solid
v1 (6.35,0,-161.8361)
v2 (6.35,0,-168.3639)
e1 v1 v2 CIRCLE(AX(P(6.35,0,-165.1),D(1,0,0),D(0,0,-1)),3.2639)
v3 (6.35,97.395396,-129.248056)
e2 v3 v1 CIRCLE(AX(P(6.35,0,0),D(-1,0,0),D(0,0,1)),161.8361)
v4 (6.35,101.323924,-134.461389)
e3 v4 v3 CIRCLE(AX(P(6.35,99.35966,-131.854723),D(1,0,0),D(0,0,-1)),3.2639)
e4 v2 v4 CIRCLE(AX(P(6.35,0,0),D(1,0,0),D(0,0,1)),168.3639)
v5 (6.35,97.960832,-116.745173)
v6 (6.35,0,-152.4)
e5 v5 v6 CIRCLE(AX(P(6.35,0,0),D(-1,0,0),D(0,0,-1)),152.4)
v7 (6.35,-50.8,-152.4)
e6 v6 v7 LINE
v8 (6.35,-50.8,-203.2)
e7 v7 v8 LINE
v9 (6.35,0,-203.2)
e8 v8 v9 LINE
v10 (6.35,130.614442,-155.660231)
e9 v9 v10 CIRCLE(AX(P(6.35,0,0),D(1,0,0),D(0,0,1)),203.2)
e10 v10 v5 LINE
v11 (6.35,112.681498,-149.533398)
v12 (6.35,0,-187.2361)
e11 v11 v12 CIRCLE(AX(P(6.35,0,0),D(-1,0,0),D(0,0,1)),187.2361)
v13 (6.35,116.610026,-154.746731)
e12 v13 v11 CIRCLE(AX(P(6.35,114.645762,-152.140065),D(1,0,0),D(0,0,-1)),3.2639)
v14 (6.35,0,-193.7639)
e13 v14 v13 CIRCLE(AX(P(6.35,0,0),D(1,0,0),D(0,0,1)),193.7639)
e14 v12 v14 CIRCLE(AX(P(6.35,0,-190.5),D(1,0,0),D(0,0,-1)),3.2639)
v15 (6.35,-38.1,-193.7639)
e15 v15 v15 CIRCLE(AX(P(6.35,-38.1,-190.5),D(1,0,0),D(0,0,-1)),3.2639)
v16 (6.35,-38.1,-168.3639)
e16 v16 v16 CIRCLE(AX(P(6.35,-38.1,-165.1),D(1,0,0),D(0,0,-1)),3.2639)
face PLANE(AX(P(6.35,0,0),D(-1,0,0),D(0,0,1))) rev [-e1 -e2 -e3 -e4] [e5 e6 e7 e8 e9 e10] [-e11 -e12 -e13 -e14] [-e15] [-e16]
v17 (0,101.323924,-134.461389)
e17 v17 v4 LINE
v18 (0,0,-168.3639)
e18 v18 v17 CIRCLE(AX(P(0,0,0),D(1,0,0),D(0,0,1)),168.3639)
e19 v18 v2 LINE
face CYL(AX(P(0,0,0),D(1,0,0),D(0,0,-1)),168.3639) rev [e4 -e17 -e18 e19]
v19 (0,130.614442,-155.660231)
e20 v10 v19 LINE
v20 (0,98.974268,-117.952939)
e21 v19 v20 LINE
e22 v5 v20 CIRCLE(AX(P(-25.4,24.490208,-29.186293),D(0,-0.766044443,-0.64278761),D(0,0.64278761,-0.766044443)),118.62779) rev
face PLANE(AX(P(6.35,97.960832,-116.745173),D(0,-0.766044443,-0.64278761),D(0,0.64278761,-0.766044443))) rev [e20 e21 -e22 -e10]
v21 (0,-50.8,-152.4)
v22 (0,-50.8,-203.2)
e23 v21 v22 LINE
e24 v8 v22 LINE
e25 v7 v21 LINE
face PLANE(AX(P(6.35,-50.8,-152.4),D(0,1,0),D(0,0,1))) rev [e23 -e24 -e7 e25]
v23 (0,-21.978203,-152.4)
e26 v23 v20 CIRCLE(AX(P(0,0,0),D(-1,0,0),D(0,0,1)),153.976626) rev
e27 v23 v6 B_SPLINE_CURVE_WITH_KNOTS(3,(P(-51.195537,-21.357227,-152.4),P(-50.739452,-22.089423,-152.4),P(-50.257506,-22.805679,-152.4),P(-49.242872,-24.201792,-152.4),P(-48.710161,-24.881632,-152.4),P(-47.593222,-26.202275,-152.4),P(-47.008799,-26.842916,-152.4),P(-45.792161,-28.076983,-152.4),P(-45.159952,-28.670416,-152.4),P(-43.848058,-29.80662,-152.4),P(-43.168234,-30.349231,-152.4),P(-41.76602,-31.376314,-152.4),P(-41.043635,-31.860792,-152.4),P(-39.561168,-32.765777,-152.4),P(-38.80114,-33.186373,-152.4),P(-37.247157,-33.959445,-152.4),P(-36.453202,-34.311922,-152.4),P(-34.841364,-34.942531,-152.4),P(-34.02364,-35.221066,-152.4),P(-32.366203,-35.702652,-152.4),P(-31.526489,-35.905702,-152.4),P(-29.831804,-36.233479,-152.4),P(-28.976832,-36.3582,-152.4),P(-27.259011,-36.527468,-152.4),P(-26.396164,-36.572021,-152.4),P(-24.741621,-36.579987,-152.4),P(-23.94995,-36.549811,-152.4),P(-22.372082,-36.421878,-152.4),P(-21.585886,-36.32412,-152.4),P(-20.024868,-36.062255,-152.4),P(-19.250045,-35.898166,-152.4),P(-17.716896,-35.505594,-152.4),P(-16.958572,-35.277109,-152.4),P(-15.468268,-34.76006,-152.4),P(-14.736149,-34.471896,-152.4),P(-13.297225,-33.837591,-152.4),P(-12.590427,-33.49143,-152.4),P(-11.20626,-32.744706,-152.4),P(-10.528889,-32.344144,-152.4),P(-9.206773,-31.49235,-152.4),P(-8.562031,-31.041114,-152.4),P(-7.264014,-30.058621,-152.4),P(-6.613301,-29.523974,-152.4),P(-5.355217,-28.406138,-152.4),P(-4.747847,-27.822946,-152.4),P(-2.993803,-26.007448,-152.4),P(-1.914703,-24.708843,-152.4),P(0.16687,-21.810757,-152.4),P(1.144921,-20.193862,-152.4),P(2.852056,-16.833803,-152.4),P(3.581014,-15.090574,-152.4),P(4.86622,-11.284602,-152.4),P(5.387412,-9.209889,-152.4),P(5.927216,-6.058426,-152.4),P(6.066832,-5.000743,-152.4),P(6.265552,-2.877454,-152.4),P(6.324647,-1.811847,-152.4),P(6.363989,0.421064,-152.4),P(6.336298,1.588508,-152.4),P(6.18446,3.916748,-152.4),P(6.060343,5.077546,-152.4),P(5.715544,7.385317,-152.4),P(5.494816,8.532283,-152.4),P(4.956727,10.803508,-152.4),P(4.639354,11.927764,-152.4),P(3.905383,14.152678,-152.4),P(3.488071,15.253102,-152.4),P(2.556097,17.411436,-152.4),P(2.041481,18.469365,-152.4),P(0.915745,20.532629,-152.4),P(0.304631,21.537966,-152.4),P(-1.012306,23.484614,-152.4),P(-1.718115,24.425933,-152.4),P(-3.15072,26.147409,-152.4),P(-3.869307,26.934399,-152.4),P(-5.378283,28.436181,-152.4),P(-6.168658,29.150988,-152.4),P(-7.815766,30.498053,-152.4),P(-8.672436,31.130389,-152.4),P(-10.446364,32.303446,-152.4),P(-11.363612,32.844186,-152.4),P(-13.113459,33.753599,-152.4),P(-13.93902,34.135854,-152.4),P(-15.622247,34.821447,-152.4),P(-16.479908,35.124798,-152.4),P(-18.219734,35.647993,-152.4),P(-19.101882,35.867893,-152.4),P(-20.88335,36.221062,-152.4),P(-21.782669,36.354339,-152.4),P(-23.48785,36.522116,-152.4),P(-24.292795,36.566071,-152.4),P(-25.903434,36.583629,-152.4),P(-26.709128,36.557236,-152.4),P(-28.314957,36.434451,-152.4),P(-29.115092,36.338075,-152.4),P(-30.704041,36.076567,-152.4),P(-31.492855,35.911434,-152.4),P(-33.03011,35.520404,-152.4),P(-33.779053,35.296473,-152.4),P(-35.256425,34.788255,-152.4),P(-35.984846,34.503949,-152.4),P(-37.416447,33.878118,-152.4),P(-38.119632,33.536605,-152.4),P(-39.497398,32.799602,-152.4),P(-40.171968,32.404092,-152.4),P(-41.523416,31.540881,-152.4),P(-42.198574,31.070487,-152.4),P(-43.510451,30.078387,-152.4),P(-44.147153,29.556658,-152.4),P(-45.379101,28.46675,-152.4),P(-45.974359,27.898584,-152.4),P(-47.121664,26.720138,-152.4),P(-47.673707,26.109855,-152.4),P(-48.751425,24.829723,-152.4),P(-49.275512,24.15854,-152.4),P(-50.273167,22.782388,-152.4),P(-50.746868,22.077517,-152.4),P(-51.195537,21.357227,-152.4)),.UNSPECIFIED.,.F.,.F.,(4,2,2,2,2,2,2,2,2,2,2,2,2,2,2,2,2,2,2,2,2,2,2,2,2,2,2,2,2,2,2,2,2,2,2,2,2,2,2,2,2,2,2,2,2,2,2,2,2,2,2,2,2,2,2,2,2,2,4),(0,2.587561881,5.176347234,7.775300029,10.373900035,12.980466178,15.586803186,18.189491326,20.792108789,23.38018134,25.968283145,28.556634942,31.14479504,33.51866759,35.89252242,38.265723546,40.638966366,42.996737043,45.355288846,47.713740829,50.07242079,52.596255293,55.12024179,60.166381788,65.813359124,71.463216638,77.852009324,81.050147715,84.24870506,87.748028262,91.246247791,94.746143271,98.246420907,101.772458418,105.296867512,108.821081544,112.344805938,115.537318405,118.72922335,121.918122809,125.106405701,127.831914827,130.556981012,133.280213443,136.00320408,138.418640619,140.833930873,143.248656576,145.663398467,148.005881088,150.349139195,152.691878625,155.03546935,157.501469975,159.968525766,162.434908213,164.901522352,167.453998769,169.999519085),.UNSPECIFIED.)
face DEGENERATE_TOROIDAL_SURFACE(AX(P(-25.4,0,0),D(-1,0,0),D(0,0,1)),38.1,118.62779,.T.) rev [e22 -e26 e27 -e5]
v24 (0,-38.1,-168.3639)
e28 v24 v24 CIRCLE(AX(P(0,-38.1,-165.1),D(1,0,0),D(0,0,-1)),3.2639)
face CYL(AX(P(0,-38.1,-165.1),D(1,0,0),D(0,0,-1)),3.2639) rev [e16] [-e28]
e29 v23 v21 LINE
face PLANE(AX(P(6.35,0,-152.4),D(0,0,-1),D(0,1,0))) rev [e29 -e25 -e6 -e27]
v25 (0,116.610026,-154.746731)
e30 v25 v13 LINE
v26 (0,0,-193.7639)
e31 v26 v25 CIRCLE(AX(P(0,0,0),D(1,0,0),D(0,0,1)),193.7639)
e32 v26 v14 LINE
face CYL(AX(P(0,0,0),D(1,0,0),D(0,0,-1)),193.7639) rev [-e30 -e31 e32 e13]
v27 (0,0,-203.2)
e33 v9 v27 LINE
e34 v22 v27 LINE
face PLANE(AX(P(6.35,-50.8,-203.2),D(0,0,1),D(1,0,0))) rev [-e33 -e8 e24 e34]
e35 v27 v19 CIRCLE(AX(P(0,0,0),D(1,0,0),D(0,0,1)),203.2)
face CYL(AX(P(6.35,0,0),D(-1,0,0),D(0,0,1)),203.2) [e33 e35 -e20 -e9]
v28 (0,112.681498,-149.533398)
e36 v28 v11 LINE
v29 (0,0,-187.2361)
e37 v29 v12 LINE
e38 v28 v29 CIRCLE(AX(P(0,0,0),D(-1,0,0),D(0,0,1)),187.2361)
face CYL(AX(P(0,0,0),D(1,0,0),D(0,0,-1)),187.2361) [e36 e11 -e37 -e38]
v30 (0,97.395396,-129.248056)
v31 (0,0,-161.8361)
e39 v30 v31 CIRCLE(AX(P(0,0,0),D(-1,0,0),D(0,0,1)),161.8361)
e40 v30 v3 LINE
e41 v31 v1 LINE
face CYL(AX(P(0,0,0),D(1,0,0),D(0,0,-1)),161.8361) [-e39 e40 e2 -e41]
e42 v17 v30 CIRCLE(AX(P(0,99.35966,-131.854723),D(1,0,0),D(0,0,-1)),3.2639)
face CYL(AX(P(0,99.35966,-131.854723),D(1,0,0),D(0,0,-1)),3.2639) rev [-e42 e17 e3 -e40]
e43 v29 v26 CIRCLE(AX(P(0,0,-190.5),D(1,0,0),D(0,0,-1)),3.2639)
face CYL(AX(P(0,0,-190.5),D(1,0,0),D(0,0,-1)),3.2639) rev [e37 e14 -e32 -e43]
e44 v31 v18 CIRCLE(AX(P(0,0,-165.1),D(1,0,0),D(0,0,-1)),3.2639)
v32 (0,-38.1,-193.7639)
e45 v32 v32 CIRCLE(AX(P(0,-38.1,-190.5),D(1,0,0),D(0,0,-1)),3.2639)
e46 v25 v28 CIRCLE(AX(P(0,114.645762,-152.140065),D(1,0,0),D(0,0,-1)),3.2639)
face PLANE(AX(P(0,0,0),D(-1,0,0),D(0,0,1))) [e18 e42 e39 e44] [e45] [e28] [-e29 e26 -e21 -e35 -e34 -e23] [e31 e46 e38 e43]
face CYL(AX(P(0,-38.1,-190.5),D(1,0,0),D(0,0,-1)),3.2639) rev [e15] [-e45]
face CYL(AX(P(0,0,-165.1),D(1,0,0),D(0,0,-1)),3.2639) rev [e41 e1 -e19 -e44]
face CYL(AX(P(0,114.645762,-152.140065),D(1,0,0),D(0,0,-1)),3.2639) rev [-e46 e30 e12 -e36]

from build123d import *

# Parameters (mm, degrees)
BOSS_EXTRUDE1_DEPTH = 6.35
CUT_EXTRUDE4_DEPTH  = 6.35
SKETCH3_R           = 3.2639
CUT_EXTRUDE5_DEPTH  = 6.35


with BuildPart() as part:
    # Sketch1 → Boss-Extrude1 (new body)
    with BuildSketch(Plane(origin=(0, 0, 0), x_dir=(0, 0, -1), z_dir=(1, 0, 0))):
        with BuildLine():
            Line((152.4, 0), (152.4, -50.8))
            Line((152.4, -50.8), (203.2, -50.8))
            Line((203.2, -50.8), (203.2, 0))
            ThreePointArc((203.2, 0), (190.945540544, 69.498493124), (155.660230842, 130.614442288))
            Line((155.660230842, 130.614442288), (116.745173131, 97.960831716))
            ThreePointArc((116.745173131, 97.960831716), (143.209155408, 52.123869843), (152.4, 0))
        make_face()
    extrude(amount=BOSS_EXTRUDE1_DEPTH)

    # Sketch2 → Cut-Extrude4 (cut)
    with BuildSketch(Plane(origin=(6.35, 0, 0), x_dir=(0, 0, -1), z_dir=(1, 0, 0))):
        with BuildLine():
            ThreePointArc((134.46138915, 101.323924376), (129.890458655, 101.966326764), (129.248056268, 97.395396268))
            ThreePointArc((129.248056268, 97.395396268), (153.473001896, 51.351348104), (161.8361, 0))
            ThreePointArc((161.8361, 0), (165.1, -3.2639), (168.3639, 0))
            ThreePointArc((168.3639, 0), (159.663469053, 53.422649441), (134.46138915, 101.323924376))
        make_face()
        with BuildLine():
            ThreePointArc((154.746731105, 116.610025965), (150.17580061, 117.252428352), (149.533398223, 112.681497856))
            ThreePointArc((149.533398223, 112.681497856), (177.560422739, 59.410886377), (187.2361, 0))
            ThreePointArc((187.2361, 0), (190.5, -3.2639), (193.7639, 0))
            ThreePointArc((193.7639, 0), (183.750889895, 61.482187713), (154.746731105, 116.610025965))
        make_face()
    extrude(amount=-CUT_EXTRUDE4_DEPTH, mode=Mode.SUBTRACT)

    # Sketch3 → Cut-Extrude5 (cut)
    with BuildSketch(Plane(origin=(6.35, 0, 0), x_dir=(0, 0, -1), z_dir=(1, 0, 0))):
        with Locations((165.1, -38.1)):
            Circle(SKETCH3_R)
        with Locations((190.5, -38.1)):
            Circle(SKETCH3_R)
    extrude(amount=-CUT_EXTRUDE5_DEPTH, mode=Mode.SUBTRACT)

    # Sketch7 → Cut-Revolve1 (revolve, cut)
    with BuildSketch(Plane(origin=(0, 0, 0), x_dir=(1, 0, 0), z_dir=(0, 1, 0))):
        with BuildLine():
            Line((-25.4, 38.1), (-144.027789746, 38.1))
            ThreePointArc((-144.027789746, 38.1), (-25.4, 156.727789746), (93.227789746, 38.1))
            Line((93.227789746, 38.1), (-25.4, 38.1))
        make_face()
    revolve(axis=Axis((-1000, 0, 0), (1, 0, 0)), mode=Mode.SUBTRACT)


solid = part.part
